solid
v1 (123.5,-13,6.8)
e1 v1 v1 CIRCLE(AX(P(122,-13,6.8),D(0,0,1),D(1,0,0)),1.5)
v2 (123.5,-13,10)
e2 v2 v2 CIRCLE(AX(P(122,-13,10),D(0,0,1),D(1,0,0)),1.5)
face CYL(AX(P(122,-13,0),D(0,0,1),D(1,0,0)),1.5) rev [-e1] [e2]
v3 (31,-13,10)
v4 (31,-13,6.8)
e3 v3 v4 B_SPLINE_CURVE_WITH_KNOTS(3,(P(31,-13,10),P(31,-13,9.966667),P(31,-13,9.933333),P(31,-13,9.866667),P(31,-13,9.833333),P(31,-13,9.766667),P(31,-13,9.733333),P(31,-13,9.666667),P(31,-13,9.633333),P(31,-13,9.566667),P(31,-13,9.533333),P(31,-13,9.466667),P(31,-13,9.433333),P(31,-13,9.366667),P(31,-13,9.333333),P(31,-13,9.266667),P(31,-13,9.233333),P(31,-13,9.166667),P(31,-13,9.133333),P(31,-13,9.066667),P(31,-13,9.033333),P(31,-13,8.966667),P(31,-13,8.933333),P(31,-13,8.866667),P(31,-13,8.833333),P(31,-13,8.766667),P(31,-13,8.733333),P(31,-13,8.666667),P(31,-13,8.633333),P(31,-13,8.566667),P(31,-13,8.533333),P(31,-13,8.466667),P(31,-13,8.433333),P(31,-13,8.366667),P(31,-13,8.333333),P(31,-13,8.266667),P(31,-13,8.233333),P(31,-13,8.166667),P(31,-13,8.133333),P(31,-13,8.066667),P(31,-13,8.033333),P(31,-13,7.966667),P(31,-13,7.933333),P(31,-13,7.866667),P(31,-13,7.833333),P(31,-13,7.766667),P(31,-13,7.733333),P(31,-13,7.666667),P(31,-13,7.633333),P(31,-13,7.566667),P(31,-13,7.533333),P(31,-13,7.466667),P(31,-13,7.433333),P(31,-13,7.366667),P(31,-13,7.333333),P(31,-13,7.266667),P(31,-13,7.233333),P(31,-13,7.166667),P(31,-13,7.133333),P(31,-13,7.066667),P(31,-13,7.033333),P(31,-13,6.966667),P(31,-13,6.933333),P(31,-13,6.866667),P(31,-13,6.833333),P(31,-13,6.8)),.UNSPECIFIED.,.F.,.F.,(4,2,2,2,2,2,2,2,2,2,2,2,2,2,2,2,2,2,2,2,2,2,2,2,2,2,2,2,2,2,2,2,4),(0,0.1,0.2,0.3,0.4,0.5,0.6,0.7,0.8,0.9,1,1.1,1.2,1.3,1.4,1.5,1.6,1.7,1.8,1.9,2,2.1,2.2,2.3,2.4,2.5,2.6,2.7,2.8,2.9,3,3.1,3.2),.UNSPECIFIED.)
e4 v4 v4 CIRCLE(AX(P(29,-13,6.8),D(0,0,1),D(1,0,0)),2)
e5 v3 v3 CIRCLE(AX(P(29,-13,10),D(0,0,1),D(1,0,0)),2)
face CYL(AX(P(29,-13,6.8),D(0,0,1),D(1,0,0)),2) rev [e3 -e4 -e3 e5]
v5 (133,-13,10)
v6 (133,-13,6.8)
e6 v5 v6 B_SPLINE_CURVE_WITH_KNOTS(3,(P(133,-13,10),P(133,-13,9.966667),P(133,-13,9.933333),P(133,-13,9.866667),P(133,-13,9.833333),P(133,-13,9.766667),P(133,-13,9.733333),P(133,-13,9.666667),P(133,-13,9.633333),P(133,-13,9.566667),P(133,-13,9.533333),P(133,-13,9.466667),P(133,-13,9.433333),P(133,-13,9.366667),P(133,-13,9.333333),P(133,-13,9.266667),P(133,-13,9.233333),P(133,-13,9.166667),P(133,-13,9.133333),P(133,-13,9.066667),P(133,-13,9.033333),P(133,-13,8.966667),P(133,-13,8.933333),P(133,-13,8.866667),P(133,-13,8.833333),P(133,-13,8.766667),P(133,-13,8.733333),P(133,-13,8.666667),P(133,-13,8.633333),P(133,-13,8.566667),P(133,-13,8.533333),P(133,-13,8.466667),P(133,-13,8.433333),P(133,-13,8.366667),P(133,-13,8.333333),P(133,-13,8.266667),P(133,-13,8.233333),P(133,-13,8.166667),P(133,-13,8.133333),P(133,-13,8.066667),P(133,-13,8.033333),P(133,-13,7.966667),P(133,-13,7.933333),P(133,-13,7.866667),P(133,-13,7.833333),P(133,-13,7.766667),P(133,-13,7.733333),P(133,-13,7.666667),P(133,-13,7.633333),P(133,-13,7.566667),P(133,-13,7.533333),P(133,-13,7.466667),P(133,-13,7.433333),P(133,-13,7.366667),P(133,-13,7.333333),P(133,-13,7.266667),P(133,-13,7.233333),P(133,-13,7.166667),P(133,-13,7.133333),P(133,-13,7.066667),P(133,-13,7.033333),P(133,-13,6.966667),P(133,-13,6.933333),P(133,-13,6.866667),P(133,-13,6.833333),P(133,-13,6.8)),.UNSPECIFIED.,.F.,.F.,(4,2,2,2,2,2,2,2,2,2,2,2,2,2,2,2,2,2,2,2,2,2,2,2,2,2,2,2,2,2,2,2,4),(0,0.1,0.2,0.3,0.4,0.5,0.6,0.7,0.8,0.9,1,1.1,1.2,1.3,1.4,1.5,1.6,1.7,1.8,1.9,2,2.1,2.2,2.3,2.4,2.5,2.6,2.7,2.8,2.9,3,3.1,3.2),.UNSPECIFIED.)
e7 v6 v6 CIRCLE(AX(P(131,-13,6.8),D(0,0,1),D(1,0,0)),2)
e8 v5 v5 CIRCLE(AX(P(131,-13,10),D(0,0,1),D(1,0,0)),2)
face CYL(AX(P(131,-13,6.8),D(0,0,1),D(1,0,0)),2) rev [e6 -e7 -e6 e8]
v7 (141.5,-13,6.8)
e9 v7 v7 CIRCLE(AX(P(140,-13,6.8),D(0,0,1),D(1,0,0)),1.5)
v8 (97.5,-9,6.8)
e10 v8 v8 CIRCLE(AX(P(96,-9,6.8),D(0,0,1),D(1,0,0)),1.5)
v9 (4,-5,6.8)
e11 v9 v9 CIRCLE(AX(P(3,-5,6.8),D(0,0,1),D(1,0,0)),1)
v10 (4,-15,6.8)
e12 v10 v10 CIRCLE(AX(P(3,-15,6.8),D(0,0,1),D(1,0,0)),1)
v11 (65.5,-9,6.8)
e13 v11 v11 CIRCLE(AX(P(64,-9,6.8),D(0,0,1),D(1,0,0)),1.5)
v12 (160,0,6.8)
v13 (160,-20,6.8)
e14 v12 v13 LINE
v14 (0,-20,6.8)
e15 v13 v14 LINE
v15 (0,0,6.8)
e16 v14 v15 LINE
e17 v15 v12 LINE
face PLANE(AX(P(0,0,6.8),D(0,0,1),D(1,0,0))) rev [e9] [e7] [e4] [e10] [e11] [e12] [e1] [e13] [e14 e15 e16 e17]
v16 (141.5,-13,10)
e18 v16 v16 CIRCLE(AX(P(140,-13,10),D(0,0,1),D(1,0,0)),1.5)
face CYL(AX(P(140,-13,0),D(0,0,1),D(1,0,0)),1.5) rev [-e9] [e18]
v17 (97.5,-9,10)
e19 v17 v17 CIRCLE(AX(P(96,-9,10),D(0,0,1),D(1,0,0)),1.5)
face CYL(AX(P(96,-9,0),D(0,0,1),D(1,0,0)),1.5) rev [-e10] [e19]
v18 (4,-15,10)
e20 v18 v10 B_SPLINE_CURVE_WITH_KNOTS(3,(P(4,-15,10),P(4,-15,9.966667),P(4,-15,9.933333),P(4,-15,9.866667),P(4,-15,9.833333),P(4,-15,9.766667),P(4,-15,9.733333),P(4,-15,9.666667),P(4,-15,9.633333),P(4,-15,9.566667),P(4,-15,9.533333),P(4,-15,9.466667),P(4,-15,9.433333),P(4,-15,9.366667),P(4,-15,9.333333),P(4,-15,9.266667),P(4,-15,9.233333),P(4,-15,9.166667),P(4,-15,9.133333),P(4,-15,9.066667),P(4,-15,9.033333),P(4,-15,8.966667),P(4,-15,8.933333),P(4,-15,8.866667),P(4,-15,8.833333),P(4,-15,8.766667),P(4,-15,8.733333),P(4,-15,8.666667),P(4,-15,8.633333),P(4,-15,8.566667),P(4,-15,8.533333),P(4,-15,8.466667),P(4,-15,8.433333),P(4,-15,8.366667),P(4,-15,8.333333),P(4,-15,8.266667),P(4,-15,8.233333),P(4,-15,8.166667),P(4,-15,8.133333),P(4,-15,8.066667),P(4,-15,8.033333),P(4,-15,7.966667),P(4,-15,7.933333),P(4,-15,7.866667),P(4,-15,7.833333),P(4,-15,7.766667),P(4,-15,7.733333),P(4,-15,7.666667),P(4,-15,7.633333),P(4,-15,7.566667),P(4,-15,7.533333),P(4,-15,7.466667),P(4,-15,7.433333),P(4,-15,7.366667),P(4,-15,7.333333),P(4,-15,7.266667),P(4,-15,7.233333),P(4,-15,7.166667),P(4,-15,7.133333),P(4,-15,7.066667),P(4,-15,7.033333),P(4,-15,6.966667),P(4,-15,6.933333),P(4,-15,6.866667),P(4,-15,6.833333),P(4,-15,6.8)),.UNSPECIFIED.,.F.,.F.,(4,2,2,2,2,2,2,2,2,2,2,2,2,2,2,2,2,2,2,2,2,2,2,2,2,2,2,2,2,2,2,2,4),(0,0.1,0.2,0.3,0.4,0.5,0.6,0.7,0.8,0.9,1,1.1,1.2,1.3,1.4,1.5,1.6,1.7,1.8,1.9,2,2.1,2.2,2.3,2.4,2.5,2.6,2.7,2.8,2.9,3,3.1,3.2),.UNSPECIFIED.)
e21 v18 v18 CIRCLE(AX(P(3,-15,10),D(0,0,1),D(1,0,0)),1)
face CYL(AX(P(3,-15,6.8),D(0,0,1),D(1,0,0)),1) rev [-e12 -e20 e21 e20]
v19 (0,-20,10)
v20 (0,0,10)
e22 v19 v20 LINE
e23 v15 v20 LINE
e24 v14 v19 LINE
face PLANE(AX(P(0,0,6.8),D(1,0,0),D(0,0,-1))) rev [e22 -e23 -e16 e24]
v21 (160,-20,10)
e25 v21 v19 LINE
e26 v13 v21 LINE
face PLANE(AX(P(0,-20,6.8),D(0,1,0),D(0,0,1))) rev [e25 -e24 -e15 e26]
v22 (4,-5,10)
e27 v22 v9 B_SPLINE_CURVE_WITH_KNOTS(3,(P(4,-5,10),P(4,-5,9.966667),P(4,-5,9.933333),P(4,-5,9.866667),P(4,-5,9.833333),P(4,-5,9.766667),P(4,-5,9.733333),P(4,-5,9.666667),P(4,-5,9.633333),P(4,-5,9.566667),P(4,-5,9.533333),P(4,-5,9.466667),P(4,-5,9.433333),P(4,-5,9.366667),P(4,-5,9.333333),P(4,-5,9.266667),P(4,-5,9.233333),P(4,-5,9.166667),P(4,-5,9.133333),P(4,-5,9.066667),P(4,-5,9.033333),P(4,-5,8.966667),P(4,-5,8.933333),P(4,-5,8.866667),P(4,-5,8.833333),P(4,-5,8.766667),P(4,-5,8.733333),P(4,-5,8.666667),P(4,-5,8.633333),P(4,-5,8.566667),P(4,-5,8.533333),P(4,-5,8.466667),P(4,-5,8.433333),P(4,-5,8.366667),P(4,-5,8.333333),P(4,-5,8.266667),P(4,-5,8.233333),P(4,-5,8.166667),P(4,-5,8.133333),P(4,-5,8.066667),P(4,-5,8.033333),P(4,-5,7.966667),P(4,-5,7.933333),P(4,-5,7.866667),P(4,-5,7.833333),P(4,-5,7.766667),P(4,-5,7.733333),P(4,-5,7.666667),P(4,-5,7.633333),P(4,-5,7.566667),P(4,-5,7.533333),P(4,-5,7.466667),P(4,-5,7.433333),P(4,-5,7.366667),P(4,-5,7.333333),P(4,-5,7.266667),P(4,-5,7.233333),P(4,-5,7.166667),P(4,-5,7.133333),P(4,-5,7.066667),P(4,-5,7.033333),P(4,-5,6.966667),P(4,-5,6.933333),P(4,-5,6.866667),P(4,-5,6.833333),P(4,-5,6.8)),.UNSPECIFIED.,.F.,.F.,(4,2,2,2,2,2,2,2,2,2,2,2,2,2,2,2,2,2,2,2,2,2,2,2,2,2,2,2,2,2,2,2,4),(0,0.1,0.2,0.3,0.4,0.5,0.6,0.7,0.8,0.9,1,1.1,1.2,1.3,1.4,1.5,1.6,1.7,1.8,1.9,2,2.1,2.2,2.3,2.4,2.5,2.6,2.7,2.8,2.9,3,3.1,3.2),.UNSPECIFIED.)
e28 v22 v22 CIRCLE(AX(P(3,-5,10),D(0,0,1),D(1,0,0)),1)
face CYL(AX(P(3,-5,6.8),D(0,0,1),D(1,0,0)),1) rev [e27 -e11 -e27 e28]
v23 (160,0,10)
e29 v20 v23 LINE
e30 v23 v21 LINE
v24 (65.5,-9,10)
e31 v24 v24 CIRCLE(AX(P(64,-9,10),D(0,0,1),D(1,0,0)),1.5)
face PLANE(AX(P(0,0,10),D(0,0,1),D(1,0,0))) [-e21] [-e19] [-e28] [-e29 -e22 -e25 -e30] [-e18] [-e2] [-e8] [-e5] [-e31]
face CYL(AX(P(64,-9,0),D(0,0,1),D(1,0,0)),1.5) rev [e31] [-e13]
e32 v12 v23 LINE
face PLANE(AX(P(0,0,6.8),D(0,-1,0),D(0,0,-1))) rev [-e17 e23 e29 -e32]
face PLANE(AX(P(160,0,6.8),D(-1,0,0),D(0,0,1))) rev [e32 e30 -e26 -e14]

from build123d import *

# Parameters (mm, degrees)
SKETCH2_W               = 160
SKETCH2_H               = 20
BOSS_EXTRUDE1_DEPTH     = 3.2
CUT_EXTRUDE1_DEPTH      = 162.276904732
CUT_EXTRUDE1_DEPTH_BACK = 162.276904732
SKETCH5_R               = 2
SKETCH6_R               = 1.5
CUT_EXTRUDE2_DEPTH      = 10
CUT_EXTRUDE3_DEPTH      = 162.276904732
CUT_EXTRUDE3_DEPTH_BACK = 162.276904732
SKETCH7_R               = 1
SKETCH8_R               = 1.5
CUT_EXTRUDE4_DEPTH      = 10


with BuildPart() as part:
    # Sketch2 → Boss-Extrude1 (new body)
    with BuildSketch(Plane(origin=(0, -10, 10), x_dir=(1, 0, 0), z_dir=(0, 0, -1))):
        with Locations((80, 0)):
            Rectangle(SKETCH2_W, SKETCH2_H)
    extrude(amount=BOSS_EXTRUDE1_DEPTH)

    # Sketch5 → Cut-Extrude1 (cut, two sides: drawn at the far end of the back side and taken through both)
    with BuildSketch(Plane.XY.offset(10).offset(-CUT_EXTRUDE1_DEPTH_BACK)):
        with Locations((131, -13)):
            Circle(SKETCH5_R)
        with Locations((29, -13)):
            Circle(SKETCH5_R)
    extrude(amount=CUT_EXTRUDE1_DEPTH + CUT_EXTRUDE1_DEPTH_BACK, mode=Mode.SUBTRACT)

    # Sketch6 → Cut-Extrude2 (cut)
    with BuildSketch(Plane.XY.offset(10)):
        with Locations((64, -9)):
            Circle(SKETCH6_R)
        with Locations((96, -9)):
            Circle(SKETCH6_R)
    extrude(amount=-CUT_EXTRUDE2_DEPTH, mode=Mode.SUBTRACT)

    # Sketch7 → Cut-Extrude3 (cut, two sides: drawn at the far end of the back side and taken through both)
    with BuildSketch(Plane.XY.offset(10).offset(-CUT_EXTRUDE3_DEPTH_BACK)):
        with Locations((3, -15)):
            Circle(SKETCH7_R)
        with Locations((3, -5)):
            Circle(SKETCH7_R)
    extrude(amount=CUT_EXTRUDE3_DEPTH + CUT_EXTRUDE3_DEPTH_BACK, mode=Mode.SUBTRACT)

    # Sketch8 → Cut-Extrude4 (cut)
    with BuildSketch(Plane.XY.offset(10)):
        with Locations((140, -13)):
            Circle(SKETCH8_R)
        with Locations((122, -13)):
            Circle(SKETCH8_R)
    extrude(amount=-CUT_EXTRUDE4_DEPTH, mode=Mode.SUBTRACT)


solid = part.part
